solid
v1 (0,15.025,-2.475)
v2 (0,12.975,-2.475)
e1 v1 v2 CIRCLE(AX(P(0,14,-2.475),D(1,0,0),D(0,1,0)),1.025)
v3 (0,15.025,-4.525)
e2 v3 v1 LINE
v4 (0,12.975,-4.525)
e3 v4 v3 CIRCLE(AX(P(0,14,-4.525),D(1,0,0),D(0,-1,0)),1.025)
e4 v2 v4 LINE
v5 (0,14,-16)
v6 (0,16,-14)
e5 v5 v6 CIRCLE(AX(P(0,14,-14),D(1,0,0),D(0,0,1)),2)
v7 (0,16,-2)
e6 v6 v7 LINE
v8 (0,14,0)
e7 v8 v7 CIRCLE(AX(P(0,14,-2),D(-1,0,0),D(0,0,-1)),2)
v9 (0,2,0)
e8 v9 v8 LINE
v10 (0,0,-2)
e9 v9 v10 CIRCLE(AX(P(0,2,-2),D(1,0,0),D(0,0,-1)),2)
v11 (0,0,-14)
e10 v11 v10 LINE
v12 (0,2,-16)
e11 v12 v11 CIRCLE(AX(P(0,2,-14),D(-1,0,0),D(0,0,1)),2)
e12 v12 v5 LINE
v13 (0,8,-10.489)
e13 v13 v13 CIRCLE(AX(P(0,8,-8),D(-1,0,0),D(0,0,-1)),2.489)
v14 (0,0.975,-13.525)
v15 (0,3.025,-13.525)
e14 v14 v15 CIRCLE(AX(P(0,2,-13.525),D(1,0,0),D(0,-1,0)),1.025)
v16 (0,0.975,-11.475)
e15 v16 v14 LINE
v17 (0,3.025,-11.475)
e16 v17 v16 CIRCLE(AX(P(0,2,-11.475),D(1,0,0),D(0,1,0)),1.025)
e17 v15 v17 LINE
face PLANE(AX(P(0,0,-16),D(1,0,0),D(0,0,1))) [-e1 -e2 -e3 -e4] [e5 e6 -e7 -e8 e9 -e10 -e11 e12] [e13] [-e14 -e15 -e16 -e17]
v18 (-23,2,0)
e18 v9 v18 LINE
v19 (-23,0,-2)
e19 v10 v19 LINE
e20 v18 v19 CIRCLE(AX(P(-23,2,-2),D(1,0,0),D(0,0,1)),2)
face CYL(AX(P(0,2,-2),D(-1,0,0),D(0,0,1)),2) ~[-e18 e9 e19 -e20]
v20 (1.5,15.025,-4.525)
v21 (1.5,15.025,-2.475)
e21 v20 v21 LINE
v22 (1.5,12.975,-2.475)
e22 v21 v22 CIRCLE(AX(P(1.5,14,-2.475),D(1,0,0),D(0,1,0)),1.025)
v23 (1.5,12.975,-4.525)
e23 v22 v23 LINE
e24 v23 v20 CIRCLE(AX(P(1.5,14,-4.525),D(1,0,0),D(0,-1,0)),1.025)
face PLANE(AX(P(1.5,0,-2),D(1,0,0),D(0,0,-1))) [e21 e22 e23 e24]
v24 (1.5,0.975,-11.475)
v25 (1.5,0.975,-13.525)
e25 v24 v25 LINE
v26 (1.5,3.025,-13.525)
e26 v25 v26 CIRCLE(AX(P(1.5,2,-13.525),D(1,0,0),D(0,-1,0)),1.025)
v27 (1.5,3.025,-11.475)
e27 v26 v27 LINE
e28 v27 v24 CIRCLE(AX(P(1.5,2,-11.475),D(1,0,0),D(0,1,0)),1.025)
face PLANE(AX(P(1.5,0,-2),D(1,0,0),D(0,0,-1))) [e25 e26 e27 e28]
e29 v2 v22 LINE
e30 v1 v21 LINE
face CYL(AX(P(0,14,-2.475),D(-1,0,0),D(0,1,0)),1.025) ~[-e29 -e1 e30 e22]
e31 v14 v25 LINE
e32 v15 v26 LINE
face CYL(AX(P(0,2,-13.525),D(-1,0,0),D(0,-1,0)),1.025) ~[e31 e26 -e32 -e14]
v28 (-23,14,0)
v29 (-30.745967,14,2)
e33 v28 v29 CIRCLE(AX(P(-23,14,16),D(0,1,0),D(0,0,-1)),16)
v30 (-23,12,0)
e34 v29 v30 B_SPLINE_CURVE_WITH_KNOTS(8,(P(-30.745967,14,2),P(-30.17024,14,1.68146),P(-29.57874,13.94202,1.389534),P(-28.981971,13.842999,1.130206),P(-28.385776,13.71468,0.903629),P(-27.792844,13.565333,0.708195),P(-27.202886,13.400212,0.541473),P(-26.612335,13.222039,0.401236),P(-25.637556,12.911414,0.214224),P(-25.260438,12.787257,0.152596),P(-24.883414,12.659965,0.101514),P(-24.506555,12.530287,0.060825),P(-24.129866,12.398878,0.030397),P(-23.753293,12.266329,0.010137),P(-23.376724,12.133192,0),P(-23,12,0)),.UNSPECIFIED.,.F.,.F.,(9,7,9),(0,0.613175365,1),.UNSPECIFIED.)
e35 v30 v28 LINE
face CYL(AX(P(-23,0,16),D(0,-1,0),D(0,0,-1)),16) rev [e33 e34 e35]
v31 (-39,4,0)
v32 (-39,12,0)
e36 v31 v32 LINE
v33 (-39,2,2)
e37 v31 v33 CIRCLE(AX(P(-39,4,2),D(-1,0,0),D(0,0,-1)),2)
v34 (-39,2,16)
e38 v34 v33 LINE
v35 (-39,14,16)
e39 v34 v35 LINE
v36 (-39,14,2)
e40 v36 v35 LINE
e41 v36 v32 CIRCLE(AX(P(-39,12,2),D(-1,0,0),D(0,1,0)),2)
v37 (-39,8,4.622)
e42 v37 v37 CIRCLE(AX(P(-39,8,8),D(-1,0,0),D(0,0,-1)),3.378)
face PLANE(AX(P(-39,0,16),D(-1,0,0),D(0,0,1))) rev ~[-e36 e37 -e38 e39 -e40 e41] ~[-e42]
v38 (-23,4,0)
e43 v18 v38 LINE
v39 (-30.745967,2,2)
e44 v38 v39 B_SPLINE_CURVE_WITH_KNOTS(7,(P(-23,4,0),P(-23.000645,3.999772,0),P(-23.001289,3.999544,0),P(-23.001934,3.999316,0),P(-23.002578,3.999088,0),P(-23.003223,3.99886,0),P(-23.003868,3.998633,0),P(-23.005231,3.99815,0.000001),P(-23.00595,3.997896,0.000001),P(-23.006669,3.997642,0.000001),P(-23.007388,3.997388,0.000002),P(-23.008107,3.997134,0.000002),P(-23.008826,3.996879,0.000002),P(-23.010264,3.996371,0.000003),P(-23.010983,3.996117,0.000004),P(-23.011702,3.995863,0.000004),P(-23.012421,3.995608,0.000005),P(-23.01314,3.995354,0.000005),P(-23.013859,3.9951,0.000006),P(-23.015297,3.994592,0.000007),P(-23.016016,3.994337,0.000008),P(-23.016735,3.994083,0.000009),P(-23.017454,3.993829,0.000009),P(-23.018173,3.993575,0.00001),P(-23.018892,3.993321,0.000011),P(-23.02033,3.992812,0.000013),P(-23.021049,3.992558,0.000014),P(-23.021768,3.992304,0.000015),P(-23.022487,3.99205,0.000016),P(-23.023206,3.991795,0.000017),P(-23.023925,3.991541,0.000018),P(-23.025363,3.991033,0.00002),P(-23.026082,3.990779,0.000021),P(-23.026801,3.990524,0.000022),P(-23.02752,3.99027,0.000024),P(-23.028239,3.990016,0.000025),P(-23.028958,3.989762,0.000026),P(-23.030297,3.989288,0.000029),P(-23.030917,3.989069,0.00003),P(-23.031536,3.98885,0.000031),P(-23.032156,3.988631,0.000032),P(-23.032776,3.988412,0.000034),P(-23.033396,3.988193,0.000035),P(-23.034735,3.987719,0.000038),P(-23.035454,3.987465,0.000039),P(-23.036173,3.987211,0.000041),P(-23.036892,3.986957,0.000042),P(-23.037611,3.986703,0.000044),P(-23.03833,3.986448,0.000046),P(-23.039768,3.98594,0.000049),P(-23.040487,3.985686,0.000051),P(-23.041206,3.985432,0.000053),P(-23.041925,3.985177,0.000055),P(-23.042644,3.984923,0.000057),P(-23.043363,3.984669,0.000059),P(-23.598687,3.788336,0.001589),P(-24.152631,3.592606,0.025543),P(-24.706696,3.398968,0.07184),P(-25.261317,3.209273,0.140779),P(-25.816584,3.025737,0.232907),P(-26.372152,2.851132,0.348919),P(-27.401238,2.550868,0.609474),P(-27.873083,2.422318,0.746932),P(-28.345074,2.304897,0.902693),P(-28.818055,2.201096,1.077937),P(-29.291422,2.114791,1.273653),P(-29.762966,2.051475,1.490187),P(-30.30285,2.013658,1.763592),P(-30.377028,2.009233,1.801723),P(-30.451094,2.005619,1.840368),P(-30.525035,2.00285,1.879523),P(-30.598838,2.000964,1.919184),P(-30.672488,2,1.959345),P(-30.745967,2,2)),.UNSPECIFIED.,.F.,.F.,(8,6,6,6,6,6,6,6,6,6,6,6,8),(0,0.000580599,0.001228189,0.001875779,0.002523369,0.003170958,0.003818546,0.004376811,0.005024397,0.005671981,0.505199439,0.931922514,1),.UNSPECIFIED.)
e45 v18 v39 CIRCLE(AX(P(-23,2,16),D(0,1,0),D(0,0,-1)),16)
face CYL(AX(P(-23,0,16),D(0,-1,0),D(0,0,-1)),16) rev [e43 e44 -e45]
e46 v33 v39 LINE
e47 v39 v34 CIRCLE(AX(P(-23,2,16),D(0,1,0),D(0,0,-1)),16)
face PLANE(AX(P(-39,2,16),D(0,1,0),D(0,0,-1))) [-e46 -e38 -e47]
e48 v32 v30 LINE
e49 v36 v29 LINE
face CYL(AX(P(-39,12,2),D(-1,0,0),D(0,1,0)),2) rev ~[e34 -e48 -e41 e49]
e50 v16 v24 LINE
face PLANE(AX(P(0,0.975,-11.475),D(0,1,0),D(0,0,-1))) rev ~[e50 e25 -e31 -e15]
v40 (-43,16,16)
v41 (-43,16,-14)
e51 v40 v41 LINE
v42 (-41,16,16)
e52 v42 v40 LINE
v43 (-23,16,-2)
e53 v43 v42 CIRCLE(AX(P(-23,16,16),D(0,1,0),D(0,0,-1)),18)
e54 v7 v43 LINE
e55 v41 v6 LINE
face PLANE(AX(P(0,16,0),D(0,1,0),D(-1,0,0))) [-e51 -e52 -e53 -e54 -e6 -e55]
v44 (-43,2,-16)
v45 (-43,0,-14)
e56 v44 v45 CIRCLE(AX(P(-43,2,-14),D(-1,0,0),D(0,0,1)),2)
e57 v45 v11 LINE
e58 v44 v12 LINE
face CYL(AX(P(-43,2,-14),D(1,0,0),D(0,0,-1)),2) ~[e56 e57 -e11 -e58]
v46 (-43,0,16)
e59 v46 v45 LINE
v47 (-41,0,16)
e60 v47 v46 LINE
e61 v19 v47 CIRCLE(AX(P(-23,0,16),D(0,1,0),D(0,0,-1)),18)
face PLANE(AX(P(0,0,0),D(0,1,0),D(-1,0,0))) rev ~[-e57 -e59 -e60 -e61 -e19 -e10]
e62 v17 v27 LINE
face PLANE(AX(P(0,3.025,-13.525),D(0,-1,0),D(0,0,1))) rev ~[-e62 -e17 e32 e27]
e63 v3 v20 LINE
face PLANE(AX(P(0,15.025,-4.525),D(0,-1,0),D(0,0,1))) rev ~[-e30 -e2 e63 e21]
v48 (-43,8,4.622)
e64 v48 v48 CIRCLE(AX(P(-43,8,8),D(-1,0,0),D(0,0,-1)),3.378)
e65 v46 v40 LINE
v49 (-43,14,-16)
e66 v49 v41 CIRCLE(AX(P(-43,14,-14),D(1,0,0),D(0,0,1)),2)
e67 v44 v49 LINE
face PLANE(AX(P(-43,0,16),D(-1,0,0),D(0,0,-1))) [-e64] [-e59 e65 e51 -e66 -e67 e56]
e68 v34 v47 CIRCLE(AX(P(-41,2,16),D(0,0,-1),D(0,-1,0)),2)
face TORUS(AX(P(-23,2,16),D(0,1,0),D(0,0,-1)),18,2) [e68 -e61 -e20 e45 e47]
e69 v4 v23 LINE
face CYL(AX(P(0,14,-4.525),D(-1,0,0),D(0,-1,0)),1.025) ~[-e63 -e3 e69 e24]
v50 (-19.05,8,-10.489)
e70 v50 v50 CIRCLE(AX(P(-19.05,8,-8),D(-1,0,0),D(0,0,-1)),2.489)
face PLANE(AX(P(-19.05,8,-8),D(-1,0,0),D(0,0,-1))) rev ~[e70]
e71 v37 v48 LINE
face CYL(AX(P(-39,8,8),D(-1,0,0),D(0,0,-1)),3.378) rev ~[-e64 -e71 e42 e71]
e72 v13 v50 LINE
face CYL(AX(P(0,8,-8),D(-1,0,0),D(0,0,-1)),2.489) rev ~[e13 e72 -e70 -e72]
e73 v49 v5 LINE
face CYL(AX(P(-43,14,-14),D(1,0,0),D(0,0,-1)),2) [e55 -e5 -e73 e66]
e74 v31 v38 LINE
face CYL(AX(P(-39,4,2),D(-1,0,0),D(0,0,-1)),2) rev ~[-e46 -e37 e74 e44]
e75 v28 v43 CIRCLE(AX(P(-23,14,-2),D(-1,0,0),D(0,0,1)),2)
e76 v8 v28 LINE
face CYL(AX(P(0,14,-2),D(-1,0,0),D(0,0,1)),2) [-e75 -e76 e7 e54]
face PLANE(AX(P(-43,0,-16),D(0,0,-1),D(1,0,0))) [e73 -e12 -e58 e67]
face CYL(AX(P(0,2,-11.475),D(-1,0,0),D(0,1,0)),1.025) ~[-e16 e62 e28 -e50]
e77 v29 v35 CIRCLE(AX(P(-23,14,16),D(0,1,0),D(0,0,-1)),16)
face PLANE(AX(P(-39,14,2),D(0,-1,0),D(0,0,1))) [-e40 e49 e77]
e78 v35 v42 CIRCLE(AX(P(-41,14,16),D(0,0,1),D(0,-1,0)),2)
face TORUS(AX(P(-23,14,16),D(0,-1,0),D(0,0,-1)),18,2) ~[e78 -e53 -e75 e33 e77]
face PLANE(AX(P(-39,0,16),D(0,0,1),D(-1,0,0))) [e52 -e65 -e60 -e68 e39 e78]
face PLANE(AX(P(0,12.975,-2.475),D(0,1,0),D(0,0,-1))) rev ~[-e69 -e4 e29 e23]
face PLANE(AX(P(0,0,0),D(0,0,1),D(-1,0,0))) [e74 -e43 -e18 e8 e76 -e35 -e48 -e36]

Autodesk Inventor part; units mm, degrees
ref_plane "YZ Plane" through (0, 0, 0) normal (1, 0, 0) x (0, 1, 0)
ref_plane "XZ Plane" through (0, 0, 0) normal (0, 1, 0) x (-1, 0, 0)
ref_plane "XY Plane" through (0, 0, 0) normal (0, 0, 1) x (1, 0, 0)
sketch "Sketch1" plane through (0, 0, 0) normal (0, 1, 0) x (-1, 0, 0)
  line L0 (43, 16) -> (43, -16)
  line L1 (43, -16) -> (0, -16)
  line L2 (0, -16) -> (0, 0)
  line L3 (0, 0) -> (23, 0)
  line L4 (39, 16) -> (39, 16)
  line L5 (39, 16) -> (43, 16)
  arc A0 (23, 0) -> (39, 16) centre (23, 16) ccw
  dimension "d0" = 16
  dimension "d1" = 32
  dimension "d2" = 4
  dimension "d3" = 16
  dimension "d4" = 43
extrude "Extrusion1" add sketch "Sketch1" along normal blind 16
fillet "Fillet1" radius 2 6 edges at (-34.3137, 16, 4.6863) (-11.5, 16, 0) (-21.5, 16, -16) (-21.5, 0, -16) (-34.3137, 0, 4.6863) (-11.5, 0, 0)
ref_plane "Work Plane1" through (-39, 0, 16) normal (-1, 0, 0) x (0, 0, 1)
sketch "Sketch2" plane through (-39, 0, 16) normal (-1, 0, 0) x (0, 0, 1)
  line L0 (-16, 14) -> (0, 14) projected
  line L1 (0, 2) -> (-16, 2) projected
  line L2 (-14, 14) -> (0, 14)
  line L3 (0, 14) -> (0, 2)
  line L4 (0, 2) -> (-14, 2)
  line L5 (-16, 4) -> (-16, 12)
  arc A0 (-14, 14) -> (-16, 12) centre (-14, 12) ccw
  arc A1 (-16, 4) -> (-14, 2) centre (-14, 4) ccw
  point P0 (-16, 0)
  dimension "d9" = 2
  dimension "d10" = 16
extrude "Extrusion2" cut sketch "Sketch2" against normal blind 16
sketch "Sketch3" plane through (-39, 0, 16) normal (1, 0, 0) x (0, 0, -1)
  line L0 (0, 0) -> (18, 0) projected
  line L1 (18, 16) -> (0, 16) projected
  line L2 (0, 2) -> (0, 14) projected
  point P0 (16, 0)
  point P1 (8, 8)
  dimension "d13" = 16
  dimension "d14" = 8
  dimension "d15" = 8
hole "Hole1" at (-39, 8, 8) direction (-1, 0, 0) diameter 6.756 depth 8.8 clearance for "Flat Head Machine Screw (82)" size "1/4" standard "Ansi Unified Screw Threads"
sketch "Sketch4" plane through (0, 0, -2) normal (1, 0, 0) x (0, 0, -1)
  line L0 (0, 16) -> (12, 16) projected
  line L1 (14, 2) -> (14, 14) projected
  line L2 (0.475, 14) -> (2.525, 14) construction
  line L3 (0.475, 12.975) -> (2.525, 12.975)
  line L4 (2.525, 15.025) -> (0.475, 15.025)
  arc A0 (0.475, 15.025) -> (0.475, 12.975) centre (0.475, 14) ccw
  arc A1 (2.525, 12.975) -> (2.525, 15.025) centre (2.525, 14) ccw
  line L5 (9.475, 2) -> (11.525, 2) construction
  line L6 (9.475, 0.975) -> (11.525, 0.975)
  line L7 (11.525, 3.025) -> (9.475, 3.025)
  arc A2 (9.475, 3.025) -> (9.475, 0.975) centre (9.475, 2) ccw
  arc A3 (11.525, 0.975) -> (11.525, 3.025) centre (11.525, 2) ccw
  point P0 (-2, 0)
  point P1 (6, 8)
  point P2 (1.5, 14)
  point P3 (10.5, 2)
  dimension "d23" = 8
  dimension "d24" = 8
  dimension "d25" = 9
  dimension "d26" = 4.5
  dimension "d27" = 2.05
  dimension "d28" = 2.05
  dimension "d29" = 2.05
  dimension "d30" = 2.05
  dimension "d31" = 12
  dimension "d32" = 6
extrude "Extrusion3" add sketch "Sketch4" along normal blind 1.5
hole "Hole2" at (0, 8, -8) direction (-1, 0, 0) diameter 4.978 depth 19.05 thread size "1/4-20 UNC" class "2B" standard "ANSI Unified Screw Threads"
equation "\"d1\" = 2 * d0"
equation "\"d14\" = 0.5 * d13"
equation "\"d15\" = 0.5 * d13"
equation "\"d24\" = d23"
equation "\"d26\" = 0.5 * d25"
equation "\"d28\" = d27"
equation "\"d29\" = d28"
equation "\"d30\" = d29"
equation "\"d32\" = 0.5 * d31"
properties part number "vive_mount"
